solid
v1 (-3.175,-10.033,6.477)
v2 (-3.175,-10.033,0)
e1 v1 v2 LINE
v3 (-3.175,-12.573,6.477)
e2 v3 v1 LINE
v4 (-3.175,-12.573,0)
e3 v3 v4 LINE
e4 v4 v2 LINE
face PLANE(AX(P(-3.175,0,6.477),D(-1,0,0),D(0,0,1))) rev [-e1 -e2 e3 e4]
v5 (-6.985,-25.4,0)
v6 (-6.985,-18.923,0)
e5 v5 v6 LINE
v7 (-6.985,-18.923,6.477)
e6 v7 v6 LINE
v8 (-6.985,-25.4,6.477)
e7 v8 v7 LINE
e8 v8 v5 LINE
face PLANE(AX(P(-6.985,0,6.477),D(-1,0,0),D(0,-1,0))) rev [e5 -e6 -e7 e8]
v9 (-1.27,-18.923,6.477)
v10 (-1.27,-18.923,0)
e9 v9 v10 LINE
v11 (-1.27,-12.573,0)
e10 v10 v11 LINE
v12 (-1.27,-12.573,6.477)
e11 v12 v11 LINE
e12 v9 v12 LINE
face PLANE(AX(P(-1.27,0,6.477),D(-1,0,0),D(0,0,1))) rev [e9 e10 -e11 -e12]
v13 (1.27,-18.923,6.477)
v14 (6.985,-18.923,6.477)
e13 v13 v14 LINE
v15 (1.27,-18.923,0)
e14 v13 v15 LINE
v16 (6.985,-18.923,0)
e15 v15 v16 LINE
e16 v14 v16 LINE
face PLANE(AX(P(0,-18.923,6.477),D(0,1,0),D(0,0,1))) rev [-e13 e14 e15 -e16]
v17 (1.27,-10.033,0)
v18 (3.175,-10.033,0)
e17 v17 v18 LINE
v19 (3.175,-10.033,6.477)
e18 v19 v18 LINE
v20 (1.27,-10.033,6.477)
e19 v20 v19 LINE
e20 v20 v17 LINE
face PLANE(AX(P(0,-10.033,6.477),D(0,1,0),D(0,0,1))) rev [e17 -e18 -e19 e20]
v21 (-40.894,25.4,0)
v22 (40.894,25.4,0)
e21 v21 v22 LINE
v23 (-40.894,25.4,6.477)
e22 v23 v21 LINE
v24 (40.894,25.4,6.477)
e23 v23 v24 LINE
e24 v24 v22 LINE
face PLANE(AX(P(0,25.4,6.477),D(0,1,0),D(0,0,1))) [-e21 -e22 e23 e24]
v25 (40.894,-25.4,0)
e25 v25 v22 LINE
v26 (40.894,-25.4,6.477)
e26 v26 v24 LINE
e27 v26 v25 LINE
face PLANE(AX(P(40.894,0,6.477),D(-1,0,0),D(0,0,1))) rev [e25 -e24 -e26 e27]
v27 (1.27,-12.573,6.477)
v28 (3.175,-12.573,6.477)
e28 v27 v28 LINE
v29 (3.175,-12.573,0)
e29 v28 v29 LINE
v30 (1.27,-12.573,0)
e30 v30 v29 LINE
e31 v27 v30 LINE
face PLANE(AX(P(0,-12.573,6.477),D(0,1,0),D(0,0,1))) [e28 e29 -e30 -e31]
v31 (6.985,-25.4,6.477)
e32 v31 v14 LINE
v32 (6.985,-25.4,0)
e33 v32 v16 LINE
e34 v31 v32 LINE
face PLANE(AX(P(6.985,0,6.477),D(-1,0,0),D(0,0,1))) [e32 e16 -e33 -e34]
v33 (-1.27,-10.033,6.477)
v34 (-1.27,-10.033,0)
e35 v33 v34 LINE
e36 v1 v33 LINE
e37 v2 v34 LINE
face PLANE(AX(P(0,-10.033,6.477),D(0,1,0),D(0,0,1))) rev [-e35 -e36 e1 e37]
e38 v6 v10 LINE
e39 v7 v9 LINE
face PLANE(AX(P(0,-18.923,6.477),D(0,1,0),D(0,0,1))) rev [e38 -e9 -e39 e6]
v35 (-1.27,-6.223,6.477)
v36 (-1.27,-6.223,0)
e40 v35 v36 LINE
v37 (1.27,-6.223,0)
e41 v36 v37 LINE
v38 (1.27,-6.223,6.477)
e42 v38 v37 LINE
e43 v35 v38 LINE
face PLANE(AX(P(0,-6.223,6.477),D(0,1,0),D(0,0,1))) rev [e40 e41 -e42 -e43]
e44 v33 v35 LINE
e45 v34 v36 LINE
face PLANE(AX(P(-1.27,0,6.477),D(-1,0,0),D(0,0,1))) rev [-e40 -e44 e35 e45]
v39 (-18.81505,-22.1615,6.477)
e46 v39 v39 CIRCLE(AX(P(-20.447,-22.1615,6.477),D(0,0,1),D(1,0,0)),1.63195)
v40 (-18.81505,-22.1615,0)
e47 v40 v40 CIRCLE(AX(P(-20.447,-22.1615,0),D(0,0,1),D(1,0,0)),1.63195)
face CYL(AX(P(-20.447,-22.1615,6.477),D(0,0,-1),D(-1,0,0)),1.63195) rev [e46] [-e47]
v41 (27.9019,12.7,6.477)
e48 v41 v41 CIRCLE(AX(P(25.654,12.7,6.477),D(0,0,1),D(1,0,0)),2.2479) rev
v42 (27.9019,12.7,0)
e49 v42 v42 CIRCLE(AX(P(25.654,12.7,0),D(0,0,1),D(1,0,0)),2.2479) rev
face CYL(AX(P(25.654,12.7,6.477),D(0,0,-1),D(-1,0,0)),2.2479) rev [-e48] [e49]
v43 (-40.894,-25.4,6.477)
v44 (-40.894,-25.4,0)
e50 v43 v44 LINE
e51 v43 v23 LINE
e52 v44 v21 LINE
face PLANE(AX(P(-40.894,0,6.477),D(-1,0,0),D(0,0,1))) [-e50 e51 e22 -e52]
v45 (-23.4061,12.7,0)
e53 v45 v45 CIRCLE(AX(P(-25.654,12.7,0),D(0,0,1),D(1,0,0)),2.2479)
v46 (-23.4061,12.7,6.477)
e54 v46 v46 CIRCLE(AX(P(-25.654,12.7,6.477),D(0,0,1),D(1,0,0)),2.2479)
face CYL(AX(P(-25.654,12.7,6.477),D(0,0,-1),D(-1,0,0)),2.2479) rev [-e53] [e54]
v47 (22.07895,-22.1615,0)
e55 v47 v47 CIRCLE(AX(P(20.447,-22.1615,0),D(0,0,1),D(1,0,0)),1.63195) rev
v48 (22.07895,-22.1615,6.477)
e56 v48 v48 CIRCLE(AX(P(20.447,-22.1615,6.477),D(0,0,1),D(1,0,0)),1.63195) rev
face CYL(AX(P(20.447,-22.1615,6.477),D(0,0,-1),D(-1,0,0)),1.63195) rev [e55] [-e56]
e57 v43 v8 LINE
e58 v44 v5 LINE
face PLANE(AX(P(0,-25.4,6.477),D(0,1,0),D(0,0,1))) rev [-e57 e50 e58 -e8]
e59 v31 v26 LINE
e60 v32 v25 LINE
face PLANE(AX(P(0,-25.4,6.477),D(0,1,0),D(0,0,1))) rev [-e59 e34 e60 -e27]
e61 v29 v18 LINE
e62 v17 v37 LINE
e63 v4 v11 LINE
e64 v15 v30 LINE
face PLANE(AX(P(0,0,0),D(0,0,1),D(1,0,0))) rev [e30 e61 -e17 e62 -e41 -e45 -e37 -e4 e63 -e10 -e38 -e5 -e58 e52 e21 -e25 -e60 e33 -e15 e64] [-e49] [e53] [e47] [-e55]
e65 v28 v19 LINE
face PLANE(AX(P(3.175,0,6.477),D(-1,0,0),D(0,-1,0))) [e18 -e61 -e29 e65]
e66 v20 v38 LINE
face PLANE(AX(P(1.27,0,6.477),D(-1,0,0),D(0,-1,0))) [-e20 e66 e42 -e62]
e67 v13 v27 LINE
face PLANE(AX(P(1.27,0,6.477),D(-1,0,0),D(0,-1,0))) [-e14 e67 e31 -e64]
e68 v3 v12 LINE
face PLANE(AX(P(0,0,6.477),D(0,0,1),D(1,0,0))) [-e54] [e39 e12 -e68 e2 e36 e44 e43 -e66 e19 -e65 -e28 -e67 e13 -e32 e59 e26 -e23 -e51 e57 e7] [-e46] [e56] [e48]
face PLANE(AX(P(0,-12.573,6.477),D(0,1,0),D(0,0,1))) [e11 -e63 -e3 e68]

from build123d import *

# Parameters (mm, degrees)
SKETCH1_R           = 1.63195
SKETCH1_R_2         = 2.2479
BOSS_EXTRUDE1_DEPTH = 6.477


with BuildPart() as part:
    # Sketch1 → Boss-Extrude1 (new body)
    with BuildSketch(Plane.XY):
        Polygon((-6.985, -18.923), (-1.27, -18.923), (-1.27, -12.573), (-3.175, -12.573), (-3.175, -10.033), (-1.27, -10.033), (-1.27, -6.223), (1.27, -6.223), (1.27, -10.033), (3.175, -10.033), (3.175, -12.573), (1.27, -12.573), (1.27, -18.923), (6.985, -18.923), (6.985, -25.4), (40.894, -25.4), (40.894, 25.4), (-40.894, 25.4), (-40.894, -25.4), (-6.985, -25.4), align=None)
        with Locations((-20.447, -22.1615)):
            Circle(SKETCH1_R, mode=Mode.SUBTRACT)
        with Locations((20.447, -22.1615)):
            Circle(SKETCH1_R, mode=Mode.SUBTRACT)
        with Locations((-25.654, 12.7)):
            Circle(SKETCH1_R_2, mode=Mode.SUBTRACT)
        with Locations((25.654, 12.7)):
            Circle(SKETCH1_R_2, mode=Mode.SUBTRACT)
    extrude(amount=BOSS_EXTRUDE1_DEPTH)


solid = part.part
